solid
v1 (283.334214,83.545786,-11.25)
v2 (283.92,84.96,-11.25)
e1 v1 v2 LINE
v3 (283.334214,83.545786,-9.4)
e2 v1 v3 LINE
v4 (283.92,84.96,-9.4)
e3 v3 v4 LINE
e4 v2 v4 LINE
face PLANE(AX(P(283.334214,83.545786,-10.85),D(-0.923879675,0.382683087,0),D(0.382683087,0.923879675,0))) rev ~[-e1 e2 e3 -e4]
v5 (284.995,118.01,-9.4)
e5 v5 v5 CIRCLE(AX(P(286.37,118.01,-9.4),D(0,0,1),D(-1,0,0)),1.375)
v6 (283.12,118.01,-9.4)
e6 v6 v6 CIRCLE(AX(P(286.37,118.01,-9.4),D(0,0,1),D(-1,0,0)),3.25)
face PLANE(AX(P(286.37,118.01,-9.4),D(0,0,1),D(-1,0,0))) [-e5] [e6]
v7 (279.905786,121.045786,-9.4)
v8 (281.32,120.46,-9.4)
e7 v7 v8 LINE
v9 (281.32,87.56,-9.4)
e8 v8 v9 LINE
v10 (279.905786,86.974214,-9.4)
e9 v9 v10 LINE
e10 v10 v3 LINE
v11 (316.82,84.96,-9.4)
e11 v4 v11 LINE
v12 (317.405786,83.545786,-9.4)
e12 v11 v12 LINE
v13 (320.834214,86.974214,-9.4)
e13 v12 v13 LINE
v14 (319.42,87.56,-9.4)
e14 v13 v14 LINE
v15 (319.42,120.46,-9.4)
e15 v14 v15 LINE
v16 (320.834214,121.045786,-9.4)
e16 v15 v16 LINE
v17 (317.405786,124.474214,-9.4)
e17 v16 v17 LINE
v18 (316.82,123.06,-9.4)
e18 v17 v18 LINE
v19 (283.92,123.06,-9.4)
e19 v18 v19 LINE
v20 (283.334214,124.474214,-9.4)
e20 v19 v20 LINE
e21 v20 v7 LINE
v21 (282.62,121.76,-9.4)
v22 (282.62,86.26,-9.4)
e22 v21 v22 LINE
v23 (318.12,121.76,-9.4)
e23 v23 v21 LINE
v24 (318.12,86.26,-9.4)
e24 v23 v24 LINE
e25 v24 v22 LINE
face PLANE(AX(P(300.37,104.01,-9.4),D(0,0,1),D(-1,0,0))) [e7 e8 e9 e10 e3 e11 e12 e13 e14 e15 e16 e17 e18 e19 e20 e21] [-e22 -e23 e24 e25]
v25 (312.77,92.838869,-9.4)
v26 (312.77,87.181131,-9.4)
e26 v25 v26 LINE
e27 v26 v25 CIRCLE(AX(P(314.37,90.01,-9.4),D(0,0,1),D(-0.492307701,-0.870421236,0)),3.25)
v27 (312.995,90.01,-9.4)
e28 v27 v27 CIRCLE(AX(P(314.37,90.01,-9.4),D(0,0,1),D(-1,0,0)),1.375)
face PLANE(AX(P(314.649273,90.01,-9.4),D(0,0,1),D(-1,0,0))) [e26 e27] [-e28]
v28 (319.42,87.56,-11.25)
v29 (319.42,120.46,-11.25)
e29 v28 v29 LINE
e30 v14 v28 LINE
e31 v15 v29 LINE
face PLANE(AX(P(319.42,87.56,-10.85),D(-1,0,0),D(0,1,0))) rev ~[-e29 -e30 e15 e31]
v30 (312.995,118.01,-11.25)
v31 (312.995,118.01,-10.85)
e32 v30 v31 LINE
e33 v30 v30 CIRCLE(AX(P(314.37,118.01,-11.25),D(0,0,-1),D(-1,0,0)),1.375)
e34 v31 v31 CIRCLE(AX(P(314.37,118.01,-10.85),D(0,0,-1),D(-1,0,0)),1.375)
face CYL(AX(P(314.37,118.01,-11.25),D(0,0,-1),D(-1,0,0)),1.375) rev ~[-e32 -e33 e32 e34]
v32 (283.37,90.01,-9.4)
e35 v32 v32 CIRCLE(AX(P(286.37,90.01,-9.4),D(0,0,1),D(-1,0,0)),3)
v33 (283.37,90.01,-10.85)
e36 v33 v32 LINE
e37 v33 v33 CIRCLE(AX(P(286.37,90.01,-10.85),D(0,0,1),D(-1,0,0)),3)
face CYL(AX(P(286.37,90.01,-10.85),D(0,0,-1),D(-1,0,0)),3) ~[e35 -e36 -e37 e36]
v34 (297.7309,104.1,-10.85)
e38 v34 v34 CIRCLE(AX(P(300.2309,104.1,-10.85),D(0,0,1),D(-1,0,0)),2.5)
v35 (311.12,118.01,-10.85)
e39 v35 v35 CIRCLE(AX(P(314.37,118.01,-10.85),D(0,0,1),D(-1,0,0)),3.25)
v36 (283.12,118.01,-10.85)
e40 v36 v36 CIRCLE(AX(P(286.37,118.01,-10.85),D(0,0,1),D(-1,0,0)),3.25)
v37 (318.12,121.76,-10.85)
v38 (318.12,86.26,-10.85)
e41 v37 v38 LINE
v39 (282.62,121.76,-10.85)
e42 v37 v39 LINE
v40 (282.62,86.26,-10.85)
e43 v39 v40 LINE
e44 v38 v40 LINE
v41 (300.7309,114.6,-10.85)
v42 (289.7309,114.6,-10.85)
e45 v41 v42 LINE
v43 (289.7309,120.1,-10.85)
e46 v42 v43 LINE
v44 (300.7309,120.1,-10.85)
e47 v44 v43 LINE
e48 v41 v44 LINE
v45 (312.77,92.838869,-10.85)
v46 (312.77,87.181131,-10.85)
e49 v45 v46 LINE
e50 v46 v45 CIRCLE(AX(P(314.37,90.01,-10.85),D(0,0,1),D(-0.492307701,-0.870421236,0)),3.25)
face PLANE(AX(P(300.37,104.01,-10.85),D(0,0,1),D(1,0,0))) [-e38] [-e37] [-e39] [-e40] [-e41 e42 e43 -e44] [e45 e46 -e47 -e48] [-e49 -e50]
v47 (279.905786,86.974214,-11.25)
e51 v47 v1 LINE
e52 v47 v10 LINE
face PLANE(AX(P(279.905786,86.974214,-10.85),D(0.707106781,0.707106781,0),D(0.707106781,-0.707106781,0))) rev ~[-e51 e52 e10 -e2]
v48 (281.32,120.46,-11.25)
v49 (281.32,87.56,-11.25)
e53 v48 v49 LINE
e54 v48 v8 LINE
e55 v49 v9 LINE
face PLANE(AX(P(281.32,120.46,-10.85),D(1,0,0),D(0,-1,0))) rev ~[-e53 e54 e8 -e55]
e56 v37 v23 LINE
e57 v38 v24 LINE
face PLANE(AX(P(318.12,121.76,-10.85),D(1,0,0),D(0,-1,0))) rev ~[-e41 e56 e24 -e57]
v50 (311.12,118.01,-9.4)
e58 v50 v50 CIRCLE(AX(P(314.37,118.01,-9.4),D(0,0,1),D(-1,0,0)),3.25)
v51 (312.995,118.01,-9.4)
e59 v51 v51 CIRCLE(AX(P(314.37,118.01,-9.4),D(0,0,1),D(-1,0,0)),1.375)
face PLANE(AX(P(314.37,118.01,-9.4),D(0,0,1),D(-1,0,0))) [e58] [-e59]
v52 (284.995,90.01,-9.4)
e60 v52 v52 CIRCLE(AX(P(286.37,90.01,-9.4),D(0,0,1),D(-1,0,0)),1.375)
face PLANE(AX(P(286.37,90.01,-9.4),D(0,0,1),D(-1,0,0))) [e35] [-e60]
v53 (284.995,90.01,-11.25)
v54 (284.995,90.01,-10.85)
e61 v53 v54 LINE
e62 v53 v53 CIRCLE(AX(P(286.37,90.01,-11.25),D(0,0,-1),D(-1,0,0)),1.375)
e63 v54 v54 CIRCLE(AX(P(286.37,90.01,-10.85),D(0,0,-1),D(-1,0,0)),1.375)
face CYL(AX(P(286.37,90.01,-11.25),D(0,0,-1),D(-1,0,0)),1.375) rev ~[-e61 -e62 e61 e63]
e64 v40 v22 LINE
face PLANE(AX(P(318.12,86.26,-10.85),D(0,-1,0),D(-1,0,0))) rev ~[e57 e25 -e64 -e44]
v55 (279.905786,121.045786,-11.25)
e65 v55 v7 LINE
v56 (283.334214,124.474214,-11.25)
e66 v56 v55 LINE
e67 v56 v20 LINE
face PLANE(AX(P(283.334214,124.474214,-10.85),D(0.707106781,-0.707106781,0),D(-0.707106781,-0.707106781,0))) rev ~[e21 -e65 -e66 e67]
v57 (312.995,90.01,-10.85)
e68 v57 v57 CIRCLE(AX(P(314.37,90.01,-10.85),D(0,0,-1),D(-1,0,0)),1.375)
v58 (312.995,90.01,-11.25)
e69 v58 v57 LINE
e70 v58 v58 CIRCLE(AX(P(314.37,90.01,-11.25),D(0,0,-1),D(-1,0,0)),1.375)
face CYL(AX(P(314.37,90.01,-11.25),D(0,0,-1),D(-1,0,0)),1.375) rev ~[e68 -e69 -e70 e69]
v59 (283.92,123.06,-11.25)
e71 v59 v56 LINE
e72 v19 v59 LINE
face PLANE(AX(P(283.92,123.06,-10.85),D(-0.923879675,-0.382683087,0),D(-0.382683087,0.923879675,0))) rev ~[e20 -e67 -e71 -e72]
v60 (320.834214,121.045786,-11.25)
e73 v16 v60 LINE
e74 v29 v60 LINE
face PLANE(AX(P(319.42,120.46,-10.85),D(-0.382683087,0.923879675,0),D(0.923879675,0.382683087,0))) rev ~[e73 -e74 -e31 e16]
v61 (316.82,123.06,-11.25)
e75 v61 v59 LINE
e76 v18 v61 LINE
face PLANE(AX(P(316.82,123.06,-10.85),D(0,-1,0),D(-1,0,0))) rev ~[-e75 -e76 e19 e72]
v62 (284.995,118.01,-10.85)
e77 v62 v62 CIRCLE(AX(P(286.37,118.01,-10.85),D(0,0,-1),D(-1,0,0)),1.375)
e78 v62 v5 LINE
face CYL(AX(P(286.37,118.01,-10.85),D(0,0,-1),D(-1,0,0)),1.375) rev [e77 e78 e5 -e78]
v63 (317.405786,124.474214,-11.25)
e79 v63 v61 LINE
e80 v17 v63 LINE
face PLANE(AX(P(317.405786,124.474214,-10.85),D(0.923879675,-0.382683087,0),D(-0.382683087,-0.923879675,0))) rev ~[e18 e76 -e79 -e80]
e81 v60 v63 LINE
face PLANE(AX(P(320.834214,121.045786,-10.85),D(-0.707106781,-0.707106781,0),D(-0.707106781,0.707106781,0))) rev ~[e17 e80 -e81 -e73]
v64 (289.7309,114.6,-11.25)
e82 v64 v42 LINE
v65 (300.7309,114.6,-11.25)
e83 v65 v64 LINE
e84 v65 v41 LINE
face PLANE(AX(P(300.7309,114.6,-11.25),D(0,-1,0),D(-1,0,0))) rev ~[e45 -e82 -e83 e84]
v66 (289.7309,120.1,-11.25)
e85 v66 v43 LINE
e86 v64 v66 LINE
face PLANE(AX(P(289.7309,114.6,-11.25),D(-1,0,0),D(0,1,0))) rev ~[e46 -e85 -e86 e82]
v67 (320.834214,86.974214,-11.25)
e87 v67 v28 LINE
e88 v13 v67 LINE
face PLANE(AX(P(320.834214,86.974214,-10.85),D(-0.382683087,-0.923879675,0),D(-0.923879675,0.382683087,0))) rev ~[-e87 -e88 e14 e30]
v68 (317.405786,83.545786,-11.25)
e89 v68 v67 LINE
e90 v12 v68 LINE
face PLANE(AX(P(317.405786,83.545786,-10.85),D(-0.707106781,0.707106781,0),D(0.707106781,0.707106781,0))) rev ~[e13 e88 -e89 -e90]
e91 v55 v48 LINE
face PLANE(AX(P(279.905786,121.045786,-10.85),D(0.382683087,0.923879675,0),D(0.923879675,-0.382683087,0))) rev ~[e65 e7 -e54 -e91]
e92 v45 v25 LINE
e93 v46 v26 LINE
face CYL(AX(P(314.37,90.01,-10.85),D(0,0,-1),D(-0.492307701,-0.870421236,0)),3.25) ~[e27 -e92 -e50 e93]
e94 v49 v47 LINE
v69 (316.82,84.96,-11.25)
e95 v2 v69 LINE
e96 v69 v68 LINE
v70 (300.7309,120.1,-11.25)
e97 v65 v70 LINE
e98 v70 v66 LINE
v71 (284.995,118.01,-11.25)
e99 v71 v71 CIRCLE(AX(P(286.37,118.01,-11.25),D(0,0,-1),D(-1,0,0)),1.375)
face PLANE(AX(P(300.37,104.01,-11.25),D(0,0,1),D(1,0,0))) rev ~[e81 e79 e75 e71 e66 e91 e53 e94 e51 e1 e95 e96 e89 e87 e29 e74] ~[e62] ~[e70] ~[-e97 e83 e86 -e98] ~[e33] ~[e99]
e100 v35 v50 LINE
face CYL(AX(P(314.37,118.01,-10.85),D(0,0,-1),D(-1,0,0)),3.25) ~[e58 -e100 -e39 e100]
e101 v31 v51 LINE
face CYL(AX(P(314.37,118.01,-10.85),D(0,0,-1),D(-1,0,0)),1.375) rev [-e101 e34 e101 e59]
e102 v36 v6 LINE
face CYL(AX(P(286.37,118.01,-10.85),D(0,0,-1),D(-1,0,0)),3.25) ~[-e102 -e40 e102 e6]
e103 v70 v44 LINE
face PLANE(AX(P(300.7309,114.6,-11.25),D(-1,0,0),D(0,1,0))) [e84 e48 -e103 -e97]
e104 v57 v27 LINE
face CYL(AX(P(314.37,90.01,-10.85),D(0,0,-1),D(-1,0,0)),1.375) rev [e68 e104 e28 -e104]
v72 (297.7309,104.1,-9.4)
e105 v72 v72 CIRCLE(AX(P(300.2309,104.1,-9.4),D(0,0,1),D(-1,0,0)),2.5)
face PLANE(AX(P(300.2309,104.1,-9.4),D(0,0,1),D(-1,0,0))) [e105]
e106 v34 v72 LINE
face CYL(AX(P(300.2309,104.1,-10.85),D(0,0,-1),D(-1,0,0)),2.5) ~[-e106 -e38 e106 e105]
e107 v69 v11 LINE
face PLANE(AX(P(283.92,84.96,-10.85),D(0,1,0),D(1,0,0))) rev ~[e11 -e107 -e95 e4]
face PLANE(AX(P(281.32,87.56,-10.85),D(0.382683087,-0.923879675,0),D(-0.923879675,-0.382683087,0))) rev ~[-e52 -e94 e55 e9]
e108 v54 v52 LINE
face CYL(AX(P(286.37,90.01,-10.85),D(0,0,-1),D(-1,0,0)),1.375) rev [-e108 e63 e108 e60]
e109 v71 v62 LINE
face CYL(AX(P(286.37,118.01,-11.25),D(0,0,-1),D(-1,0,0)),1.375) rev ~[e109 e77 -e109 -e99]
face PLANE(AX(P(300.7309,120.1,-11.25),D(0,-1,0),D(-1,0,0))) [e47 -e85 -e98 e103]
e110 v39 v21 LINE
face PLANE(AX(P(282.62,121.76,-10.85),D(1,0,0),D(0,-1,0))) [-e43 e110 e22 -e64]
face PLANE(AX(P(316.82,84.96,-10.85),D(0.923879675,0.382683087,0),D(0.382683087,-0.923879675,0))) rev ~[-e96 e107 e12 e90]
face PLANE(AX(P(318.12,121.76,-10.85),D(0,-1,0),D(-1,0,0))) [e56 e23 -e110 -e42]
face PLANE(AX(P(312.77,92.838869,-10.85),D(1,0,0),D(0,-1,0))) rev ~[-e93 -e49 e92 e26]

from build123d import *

# Parameters (mm, degrees)
SKETCH_R      = 1.375
SKETCH_W      = 11
SKETCH_H      = 5.5
PAD_DEPTH     = 0.4
SKETCH001_W   = 35.5
SKETCH001_H   = 35.5
PAD001_DEPTH  = 1.45
SKETCH002_R   = 3.25
SKETCH002_R_2 = 1.375
SKETCH002_R_3 = 3
SKETCH002_R_4 = 2.5
PAD002_DEPTH  = 1.45


with BuildPart() as part:
    # Sketch (on DatumPlane) → Pad (new body)
    with BuildSketch(Plane(origin=(300.2309, 104.1, -11.25), x_dir=(-1, 0, 0), z_dir=(0, 0, -1))):
        Polygon((20.325114, -17.125786), (16.896686, -20.554214), (16.3109, -19.14), (-16.5891, -19.14), (-17.174886, -20.554214), (-20.603314, -17.125786), (-19.1891, -16.54), (-19.1891, 16.36), (-20.603314, 16.945786), (-17.174886, 20.374214), (-16.5891, 18.96), (16.3109, 18.96), (16.896686, 20.374214), (20.325114, 16.945786), (18.9109, 16.36), (18.9109, -16.54), align=None)
        with Locations((-14.1391, 13.91)):
            Circle(SKETCH_R, mode=Mode.SUBTRACT)
        with Locations((13.8609, 13.91)):
            Circle(SKETCH_R, mode=Mode.SUBTRACT)
        with Locations((13.8609, -14.09)):
            Circle(SKETCH_R, mode=Mode.SUBTRACT)
        with Locations((-14.1391, -14.09)):
            Circle(SKETCH_R, mode=Mode.SUBTRACT)
        with Locations((5, 13.25)):
            Rectangle(SKETCH_W, SKETCH_H, mode=Mode.SUBTRACT)
    extrude(amount=-PAD_DEPTH)

    # Sketch001 (on DatumPlane) → Pad001 (join)
    with BuildSketch(Plane(origin=(300.2309, 104.1, -10.85), x_dir=(-1, 0, 0), z_dir=(0, 0, 1))):
        Polygon((16.3109, -18.96), (16.896686, -20.374214), (20.325114, -16.945786), (18.9109, -16.36), (18.9109, 16.54), (20.325114, 17.125786), (16.896686, 20.554214), (16.3109, 19.14), (-16.5891, 19.14), (-17.174886, 20.554214), (-20.603314, 17.125786), (-19.1891, 16.54), (-19.1891, -16.36), (-20.603314, -16.945786), (-17.174886, -20.374214), (-16.5891, -18.96), align=None)
        with Locations((-0.1391, 0.09)):
            Rectangle(SKETCH001_W, SKETCH001_H, mode=Mode.SUBTRACT)
    extrude(amount=PAD001_DEPTH)

    # Sketch002 (on DatumPlane) → Pad002 (join)
    with BuildSketch(Plane(origin=(300.2309, 104.1, -10.85), x_dir=(-1, 0, 0), z_dir=(0, 0, 1))):
        with Locations((-14.1391, -13.91)):
            Circle(SKETCH002_R)
        with Locations((-14.1391, -13.91)):
            Circle(SKETCH002_R_2, mode=Mode.SUBTRACT)
        with Locations((13.8609, 14.09)):
            Circle(SKETCH002_R_3)
        with Locations((13.8609, 14.09)):
            Circle(SKETCH002_R_2, mode=Mode.SUBTRACT)
        with Locations((13.8609, -13.91)):
            Circle(SKETCH002_R)
        with Locations((13.8609, -13.91)):
            Circle(SKETCH002_R_2, mode=Mode.SUBTRACT)
        Circle(SKETCH002_R_4)
        with BuildLine():
            ThreePointArc((-12.5391, 16.918869), (-17.3891, 14.09), (-12.5391, 11.261131))
            Line((-12.5391, 11.261131), (-12.5391, 16.918869))
        make_face()
        with Locations((-14.1391, 14.09)):
            Circle(SKETCH002_R_2, mode=Mode.SUBTRACT)
    extrude(amount=PAD002_DEPTH)


solid = part.part
